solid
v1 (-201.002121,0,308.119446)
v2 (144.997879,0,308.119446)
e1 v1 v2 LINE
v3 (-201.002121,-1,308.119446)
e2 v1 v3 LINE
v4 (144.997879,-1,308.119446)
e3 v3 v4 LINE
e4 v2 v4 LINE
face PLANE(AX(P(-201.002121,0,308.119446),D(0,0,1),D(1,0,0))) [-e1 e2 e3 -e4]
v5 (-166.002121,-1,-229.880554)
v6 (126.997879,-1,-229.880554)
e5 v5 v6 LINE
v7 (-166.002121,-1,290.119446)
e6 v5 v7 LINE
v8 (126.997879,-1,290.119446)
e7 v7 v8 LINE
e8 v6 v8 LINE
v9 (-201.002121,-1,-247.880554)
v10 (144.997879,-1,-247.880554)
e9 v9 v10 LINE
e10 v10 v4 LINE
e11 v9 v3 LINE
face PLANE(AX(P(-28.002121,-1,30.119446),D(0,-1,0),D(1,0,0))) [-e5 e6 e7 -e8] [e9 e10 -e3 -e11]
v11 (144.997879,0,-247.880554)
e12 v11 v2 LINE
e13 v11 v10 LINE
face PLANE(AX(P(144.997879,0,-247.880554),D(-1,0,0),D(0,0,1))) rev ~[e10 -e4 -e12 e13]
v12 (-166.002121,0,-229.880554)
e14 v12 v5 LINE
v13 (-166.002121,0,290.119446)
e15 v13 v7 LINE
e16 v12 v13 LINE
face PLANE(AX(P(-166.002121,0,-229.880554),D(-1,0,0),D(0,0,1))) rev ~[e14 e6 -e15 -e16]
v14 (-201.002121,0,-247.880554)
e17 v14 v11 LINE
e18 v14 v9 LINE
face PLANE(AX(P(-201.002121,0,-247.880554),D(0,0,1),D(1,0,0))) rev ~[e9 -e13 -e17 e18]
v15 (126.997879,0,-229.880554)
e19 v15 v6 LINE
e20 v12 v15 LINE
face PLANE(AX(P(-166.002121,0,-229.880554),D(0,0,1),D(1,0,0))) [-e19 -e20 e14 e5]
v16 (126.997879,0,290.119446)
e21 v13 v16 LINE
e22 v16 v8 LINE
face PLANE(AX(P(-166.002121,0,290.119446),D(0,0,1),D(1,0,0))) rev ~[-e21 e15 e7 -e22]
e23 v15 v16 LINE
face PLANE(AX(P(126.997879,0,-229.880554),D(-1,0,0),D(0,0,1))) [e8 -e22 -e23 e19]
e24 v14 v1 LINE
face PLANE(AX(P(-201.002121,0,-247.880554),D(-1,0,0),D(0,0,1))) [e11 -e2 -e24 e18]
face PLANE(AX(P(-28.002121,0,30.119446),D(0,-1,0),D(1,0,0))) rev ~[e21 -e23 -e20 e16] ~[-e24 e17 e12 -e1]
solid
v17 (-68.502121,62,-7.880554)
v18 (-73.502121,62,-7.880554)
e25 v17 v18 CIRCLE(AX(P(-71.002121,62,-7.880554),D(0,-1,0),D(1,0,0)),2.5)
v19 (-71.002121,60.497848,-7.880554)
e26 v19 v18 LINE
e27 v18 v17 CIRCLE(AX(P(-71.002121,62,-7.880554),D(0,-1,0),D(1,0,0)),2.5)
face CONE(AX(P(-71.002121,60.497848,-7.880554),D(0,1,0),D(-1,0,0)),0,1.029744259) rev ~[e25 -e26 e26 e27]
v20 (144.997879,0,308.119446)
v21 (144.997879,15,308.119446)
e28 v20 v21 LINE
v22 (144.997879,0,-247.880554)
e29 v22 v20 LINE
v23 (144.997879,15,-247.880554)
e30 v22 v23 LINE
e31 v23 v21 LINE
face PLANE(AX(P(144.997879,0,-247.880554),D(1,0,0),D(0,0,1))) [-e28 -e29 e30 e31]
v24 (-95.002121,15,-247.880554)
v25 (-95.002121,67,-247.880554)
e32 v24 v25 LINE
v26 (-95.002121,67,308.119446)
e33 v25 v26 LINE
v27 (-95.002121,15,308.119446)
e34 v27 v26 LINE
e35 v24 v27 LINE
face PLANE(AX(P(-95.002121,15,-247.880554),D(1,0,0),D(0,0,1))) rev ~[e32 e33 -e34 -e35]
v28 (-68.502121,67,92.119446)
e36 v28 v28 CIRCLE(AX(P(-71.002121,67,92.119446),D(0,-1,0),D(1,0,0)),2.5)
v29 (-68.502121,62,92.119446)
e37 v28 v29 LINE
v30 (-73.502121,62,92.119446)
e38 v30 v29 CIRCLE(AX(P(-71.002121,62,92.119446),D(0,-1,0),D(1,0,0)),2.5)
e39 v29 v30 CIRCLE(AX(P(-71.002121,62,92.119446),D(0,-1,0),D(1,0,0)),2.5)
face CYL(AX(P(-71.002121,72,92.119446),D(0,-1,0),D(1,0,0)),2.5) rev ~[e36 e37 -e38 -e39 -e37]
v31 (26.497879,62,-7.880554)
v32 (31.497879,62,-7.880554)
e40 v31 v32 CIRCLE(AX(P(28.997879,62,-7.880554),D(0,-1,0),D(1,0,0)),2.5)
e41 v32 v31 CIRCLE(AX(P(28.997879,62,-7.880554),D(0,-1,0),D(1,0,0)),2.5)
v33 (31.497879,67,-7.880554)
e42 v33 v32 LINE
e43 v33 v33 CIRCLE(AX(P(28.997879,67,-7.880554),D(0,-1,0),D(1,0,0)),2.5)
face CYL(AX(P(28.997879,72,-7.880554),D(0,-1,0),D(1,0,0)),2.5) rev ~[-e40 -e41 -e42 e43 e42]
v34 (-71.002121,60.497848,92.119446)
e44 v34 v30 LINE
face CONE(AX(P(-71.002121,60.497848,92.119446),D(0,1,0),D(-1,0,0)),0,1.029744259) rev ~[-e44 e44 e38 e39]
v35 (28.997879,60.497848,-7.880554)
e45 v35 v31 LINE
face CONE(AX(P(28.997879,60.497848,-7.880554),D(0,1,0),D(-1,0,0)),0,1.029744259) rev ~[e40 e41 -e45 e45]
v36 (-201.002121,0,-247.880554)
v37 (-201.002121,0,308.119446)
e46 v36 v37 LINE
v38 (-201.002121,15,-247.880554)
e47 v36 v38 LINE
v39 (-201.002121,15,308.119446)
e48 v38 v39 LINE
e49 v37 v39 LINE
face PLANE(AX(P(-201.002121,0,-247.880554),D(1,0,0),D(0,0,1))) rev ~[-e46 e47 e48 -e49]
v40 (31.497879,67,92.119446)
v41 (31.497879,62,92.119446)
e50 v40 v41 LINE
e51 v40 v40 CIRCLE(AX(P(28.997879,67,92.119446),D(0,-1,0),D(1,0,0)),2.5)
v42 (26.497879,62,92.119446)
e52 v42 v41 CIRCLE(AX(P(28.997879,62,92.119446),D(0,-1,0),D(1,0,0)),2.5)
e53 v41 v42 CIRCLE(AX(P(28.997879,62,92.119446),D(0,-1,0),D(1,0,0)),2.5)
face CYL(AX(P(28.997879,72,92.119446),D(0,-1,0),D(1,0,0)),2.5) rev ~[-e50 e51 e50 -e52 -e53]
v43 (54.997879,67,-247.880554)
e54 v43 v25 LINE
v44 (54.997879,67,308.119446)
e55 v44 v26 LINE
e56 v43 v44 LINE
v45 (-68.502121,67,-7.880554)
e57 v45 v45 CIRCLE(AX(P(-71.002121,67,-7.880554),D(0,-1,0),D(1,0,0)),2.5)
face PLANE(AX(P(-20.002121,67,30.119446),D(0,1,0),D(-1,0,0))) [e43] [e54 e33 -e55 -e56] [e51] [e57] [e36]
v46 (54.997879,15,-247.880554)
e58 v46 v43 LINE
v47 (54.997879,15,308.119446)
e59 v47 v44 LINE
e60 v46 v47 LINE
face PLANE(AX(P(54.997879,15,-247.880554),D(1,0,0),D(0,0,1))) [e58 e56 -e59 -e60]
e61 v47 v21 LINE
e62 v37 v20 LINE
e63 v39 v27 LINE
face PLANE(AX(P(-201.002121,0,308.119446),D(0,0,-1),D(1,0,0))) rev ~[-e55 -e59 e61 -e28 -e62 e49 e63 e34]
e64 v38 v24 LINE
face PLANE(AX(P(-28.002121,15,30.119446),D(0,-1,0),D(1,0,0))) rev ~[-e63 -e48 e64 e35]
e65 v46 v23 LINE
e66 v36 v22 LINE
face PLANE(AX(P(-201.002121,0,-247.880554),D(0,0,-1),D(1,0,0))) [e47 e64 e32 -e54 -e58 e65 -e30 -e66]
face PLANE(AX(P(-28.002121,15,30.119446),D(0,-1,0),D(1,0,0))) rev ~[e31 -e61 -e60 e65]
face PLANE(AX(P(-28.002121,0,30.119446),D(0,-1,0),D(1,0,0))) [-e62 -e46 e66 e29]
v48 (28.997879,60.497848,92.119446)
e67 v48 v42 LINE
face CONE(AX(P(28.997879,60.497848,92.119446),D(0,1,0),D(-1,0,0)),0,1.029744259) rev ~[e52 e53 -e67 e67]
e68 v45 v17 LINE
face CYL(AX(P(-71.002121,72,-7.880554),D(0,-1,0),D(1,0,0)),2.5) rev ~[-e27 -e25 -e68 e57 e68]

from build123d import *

# Parameters (mm, degrees)
F2_W     = 346
F2_H     = 556
F3_DEPTH = 15
F4_W     = 150
F4_H     = 556
F5_DEPTH = 52
F7_D     = 5
F7_DEPTH = 5
F7_TIP   = 1.5021515476
F8_W     = 346
F8_H     = 556
F8_W_2   = 293
F8_H_2   = 520
F9_DEPTH = 1


with BuildPart() as f3:
    # F2 (on Front) → F3 (new body)
    with BuildSketch(Plane.XZ):
        with Locations((-28.0021212956, 30.1194461733)):
            Rectangle(F2_W, F2_H)
    extrude(amount=-F3_DEPTH)

    # F4 (on face) → F5 (join)
    with BuildSketch(Plane(origin=(0, 15, 0), x_dir=(-1, 0, 0), z_dir=(0, 1, 0))):
        with Locations((20.0021212956, 30.1194461733)):
            Rectangle(F4_W, F4_H)
    extrude(amount=F5_DEPTH)

    # F7
    with Locations(Plane(origin=(0, 67, 0), x_dir=(-1, 0, 0), z_dir=(0, 1, 0))):
        with Locations((-28.9978787044, 92.1194461733), (71.0021212956, 92.1194461733), (71.0021212956, -7.8805538267), (-28.9978787044, -7.8805538267)):
            Hole(F7_D / 2, depth=F7_DEPTH)
            with Locations((0, 0, -(F7_DEPTH + F7_TIP / 2))):  # 118° drill point
                Cone(0, F7_D / 2, F7_TIP, mode=Mode.SUBTRACT)


with BuildPart() as f9:
    # F8 (on face) → F9 (new body)
    with BuildSketch(Plane.XZ):
        with Locations((-28.0021212956, 30.1194461733)):
            Rectangle(F8_W, F8_H)
        with Locations((-19.5021212956, 30.1194461733)):
            Rectangle(F8_W_2, F8_H_2, mode=Mode.SUBTRACT)
    extrude(amount=F9_DEPTH)


solid = Compound([f3.part, f9.part])
